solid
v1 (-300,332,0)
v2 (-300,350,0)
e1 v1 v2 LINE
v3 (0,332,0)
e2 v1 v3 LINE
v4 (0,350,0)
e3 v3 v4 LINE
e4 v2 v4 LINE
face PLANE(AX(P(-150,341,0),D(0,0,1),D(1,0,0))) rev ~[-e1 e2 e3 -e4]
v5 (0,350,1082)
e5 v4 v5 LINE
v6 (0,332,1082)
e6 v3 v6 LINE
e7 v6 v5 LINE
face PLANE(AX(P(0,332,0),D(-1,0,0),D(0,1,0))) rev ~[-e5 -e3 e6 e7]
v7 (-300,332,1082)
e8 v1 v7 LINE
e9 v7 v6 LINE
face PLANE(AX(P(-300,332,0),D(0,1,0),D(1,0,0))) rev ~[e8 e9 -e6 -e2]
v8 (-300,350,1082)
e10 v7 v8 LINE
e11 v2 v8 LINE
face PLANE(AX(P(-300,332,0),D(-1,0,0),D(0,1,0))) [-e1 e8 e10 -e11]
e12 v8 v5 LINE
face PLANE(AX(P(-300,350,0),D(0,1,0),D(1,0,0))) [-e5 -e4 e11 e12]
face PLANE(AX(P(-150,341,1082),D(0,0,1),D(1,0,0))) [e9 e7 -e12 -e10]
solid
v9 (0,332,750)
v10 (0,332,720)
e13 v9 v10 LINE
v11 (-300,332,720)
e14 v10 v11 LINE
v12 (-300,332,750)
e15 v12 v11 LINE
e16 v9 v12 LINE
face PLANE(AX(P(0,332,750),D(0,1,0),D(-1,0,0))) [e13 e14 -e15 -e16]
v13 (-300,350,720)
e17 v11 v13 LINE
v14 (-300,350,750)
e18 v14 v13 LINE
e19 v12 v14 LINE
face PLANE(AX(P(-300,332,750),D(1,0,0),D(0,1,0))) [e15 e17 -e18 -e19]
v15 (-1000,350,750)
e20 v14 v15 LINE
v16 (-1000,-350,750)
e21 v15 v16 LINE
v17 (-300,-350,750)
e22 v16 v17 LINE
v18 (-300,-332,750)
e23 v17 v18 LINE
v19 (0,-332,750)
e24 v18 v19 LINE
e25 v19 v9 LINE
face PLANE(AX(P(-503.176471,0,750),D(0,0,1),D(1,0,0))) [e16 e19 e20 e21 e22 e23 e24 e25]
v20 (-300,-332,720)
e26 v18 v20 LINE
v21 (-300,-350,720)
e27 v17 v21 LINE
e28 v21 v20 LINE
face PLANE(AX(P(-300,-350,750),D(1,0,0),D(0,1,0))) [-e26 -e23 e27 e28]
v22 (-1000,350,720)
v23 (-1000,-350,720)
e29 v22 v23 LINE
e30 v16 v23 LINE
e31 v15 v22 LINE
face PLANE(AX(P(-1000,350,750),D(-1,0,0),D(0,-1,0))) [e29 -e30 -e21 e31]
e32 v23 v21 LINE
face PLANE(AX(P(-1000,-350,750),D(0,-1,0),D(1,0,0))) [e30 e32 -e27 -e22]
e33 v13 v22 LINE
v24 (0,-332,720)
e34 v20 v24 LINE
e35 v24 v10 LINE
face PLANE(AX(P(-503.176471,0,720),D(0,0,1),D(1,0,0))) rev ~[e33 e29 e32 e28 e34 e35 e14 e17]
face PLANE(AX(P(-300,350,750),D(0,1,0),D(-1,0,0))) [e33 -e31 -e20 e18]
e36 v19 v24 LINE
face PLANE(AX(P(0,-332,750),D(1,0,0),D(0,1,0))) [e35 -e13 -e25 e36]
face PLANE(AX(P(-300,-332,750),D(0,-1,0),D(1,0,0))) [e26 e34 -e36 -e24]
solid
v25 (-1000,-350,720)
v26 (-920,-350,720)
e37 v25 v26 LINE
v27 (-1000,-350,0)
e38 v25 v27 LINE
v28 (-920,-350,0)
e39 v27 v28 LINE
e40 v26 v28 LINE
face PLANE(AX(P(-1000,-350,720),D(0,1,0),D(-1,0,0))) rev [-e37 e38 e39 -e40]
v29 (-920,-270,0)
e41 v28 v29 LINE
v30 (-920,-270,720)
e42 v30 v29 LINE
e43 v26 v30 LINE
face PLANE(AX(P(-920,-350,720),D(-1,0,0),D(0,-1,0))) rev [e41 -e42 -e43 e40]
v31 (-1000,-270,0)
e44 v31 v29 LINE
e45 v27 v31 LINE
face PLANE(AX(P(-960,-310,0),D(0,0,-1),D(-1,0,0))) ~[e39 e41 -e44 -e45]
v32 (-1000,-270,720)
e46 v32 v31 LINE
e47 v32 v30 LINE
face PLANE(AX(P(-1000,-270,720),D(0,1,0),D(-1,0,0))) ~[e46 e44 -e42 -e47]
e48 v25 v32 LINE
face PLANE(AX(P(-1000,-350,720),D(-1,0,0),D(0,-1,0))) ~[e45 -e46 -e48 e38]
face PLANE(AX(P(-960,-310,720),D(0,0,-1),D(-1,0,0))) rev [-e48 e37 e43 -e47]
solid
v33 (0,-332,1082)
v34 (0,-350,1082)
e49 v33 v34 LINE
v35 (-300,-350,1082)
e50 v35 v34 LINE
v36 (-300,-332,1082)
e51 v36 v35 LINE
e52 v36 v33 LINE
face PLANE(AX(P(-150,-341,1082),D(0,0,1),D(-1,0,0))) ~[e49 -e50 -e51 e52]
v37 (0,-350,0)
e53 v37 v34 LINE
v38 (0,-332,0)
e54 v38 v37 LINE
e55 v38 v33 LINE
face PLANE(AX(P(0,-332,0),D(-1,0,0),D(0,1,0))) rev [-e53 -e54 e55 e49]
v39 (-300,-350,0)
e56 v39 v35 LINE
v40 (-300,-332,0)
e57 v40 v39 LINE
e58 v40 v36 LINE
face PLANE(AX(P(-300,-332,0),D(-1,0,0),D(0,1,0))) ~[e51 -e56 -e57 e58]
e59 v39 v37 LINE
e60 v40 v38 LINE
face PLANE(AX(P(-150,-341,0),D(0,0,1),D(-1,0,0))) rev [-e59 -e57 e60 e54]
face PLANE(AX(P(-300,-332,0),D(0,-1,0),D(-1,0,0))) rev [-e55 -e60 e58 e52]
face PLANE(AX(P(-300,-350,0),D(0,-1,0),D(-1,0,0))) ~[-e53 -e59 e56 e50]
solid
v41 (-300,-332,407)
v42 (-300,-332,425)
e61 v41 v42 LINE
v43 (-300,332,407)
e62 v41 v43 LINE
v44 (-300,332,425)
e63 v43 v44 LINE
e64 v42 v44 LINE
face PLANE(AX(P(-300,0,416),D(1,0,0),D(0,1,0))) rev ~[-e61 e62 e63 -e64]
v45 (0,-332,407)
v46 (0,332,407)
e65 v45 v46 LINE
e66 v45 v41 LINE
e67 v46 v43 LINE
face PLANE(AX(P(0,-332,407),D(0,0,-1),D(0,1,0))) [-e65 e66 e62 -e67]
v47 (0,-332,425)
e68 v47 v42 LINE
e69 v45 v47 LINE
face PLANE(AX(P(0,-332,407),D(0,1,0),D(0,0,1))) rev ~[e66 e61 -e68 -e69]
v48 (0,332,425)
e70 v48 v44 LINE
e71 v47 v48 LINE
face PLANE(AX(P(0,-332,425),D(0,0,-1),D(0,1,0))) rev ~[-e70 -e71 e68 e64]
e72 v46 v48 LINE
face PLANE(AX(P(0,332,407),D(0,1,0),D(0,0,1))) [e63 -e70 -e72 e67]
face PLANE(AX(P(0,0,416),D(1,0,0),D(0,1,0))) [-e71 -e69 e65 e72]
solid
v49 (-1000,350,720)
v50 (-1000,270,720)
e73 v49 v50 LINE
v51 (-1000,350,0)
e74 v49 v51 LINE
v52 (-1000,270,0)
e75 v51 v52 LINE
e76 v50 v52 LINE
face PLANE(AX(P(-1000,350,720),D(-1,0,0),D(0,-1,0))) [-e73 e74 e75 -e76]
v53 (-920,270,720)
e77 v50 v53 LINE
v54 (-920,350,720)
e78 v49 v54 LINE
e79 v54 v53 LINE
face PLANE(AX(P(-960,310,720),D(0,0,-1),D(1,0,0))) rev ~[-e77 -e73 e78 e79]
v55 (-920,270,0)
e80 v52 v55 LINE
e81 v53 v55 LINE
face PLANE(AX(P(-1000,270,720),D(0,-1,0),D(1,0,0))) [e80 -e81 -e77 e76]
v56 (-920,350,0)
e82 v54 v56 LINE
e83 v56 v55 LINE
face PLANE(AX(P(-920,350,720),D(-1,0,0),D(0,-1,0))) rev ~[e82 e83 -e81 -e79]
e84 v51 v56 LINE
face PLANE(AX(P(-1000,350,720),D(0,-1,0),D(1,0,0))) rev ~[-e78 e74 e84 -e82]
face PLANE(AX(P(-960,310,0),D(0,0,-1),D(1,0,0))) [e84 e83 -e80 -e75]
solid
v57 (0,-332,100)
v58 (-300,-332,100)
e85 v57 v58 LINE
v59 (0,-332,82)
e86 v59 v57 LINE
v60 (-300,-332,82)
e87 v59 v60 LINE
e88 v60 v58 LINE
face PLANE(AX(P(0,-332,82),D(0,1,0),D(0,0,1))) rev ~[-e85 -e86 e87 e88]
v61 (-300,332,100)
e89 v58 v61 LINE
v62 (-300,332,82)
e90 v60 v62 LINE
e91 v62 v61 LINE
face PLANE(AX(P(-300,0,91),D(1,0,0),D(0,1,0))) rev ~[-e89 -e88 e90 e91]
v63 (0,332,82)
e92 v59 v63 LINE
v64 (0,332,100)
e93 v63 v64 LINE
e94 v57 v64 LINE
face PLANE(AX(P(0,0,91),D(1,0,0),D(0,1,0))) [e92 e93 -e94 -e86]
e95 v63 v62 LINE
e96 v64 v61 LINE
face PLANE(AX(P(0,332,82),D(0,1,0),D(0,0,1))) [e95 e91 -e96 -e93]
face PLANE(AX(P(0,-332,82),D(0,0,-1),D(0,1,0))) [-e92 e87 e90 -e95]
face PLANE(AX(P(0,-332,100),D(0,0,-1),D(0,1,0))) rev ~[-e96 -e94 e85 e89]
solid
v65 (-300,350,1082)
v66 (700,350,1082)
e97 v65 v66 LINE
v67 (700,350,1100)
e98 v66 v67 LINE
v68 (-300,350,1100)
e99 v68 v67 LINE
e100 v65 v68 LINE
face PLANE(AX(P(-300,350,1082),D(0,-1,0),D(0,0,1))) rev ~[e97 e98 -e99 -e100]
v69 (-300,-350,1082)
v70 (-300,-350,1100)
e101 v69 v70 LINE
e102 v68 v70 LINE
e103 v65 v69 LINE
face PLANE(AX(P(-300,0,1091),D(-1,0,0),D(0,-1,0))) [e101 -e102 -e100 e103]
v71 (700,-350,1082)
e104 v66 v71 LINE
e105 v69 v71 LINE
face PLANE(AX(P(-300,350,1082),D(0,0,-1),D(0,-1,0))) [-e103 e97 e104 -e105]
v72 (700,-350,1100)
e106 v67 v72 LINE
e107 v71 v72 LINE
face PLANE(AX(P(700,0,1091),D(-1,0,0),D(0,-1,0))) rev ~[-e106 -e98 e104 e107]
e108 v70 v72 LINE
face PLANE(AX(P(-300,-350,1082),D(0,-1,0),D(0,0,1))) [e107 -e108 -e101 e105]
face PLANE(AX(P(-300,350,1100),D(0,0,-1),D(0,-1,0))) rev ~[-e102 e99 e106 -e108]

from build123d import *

# Parameters (mm, degrees)
F0_W      = 300
F0_H      = 18
F1_DEPTH  = 1082
F3_W      = 700
F3_H      = 18
F4_DEPTH  = 1000
F7_DEPTH  = 30
F8_W      = 664
F8_H      = 18
F9_DEPTH  = 300
F10_W     = 80
F10_H     = 80
F11_DEPTH = 720


with BuildPart() as f1:
    # F0 (on Top) → F1 (new body)
    with BuildSketch(Plane.XY):
        with Locations((-150, 341)):
            Rectangle(F0_W, F0_H)
    extrude(amount=F1_DEPTH)


with BuildPart() as f2_1:
    # F2: instance of F1
    add(f1.part.mirror(Plane.XZ))


with BuildPart() as f4:
    # F3 (on face) → F4 (new body)
    with BuildSketch(Plane(origin=(-300, 0, 0), x_dir=(0, -1, 0), z_dir=(-1, 0, 0))):
        with Locations((0, 1091)):
            Rectangle(F3_W, F3_H)
    extrude(amount=-F4_DEPTH)


with BuildPart() as f7:
    # F6 (on offset) → F7 (new body)
    with BuildSketch(Plane.XY.offset(750)):
        Polygon((0, -332), (0, 332), (-300, 332), (-300, 350), (-1000, 350), (-1000, -350), (-300, -350), (-300, -332), align=None)
    extrude(amount=-F7_DEPTH)


with BuildPart() as f9:
    # F8 (on face) → F9 (new body, through all)
    with BuildSketch(Plane.YZ):
        with Locations((0, 91)):
            Rectangle(F8_W, F8_H)
        with Locations((0, 416)):
            Rectangle(F8_W, F8_H)
    extrude(amount=-F9_DEPTH)


with BuildPart() as f11:
    # F10 (on face) → F11 (new body, through all)
    with BuildSketch(Plane(origin=(0, 0, 720), x_dir=(1, 0, 0), z_dir=(0, 0, -1))):
        with Locations((-960, -310)):
            Rectangle(F10_W, F10_H)
    extrude(amount=F11_DEPTH)


with BuildPart() as f12_1:
    # F12: instance of F11
    add(f11.part.mirror(Plane.XZ))


solid = Compound([f1.part, f2_1.part, f4.part, f7.part, f9.part, f11.part, f12_1.part])
